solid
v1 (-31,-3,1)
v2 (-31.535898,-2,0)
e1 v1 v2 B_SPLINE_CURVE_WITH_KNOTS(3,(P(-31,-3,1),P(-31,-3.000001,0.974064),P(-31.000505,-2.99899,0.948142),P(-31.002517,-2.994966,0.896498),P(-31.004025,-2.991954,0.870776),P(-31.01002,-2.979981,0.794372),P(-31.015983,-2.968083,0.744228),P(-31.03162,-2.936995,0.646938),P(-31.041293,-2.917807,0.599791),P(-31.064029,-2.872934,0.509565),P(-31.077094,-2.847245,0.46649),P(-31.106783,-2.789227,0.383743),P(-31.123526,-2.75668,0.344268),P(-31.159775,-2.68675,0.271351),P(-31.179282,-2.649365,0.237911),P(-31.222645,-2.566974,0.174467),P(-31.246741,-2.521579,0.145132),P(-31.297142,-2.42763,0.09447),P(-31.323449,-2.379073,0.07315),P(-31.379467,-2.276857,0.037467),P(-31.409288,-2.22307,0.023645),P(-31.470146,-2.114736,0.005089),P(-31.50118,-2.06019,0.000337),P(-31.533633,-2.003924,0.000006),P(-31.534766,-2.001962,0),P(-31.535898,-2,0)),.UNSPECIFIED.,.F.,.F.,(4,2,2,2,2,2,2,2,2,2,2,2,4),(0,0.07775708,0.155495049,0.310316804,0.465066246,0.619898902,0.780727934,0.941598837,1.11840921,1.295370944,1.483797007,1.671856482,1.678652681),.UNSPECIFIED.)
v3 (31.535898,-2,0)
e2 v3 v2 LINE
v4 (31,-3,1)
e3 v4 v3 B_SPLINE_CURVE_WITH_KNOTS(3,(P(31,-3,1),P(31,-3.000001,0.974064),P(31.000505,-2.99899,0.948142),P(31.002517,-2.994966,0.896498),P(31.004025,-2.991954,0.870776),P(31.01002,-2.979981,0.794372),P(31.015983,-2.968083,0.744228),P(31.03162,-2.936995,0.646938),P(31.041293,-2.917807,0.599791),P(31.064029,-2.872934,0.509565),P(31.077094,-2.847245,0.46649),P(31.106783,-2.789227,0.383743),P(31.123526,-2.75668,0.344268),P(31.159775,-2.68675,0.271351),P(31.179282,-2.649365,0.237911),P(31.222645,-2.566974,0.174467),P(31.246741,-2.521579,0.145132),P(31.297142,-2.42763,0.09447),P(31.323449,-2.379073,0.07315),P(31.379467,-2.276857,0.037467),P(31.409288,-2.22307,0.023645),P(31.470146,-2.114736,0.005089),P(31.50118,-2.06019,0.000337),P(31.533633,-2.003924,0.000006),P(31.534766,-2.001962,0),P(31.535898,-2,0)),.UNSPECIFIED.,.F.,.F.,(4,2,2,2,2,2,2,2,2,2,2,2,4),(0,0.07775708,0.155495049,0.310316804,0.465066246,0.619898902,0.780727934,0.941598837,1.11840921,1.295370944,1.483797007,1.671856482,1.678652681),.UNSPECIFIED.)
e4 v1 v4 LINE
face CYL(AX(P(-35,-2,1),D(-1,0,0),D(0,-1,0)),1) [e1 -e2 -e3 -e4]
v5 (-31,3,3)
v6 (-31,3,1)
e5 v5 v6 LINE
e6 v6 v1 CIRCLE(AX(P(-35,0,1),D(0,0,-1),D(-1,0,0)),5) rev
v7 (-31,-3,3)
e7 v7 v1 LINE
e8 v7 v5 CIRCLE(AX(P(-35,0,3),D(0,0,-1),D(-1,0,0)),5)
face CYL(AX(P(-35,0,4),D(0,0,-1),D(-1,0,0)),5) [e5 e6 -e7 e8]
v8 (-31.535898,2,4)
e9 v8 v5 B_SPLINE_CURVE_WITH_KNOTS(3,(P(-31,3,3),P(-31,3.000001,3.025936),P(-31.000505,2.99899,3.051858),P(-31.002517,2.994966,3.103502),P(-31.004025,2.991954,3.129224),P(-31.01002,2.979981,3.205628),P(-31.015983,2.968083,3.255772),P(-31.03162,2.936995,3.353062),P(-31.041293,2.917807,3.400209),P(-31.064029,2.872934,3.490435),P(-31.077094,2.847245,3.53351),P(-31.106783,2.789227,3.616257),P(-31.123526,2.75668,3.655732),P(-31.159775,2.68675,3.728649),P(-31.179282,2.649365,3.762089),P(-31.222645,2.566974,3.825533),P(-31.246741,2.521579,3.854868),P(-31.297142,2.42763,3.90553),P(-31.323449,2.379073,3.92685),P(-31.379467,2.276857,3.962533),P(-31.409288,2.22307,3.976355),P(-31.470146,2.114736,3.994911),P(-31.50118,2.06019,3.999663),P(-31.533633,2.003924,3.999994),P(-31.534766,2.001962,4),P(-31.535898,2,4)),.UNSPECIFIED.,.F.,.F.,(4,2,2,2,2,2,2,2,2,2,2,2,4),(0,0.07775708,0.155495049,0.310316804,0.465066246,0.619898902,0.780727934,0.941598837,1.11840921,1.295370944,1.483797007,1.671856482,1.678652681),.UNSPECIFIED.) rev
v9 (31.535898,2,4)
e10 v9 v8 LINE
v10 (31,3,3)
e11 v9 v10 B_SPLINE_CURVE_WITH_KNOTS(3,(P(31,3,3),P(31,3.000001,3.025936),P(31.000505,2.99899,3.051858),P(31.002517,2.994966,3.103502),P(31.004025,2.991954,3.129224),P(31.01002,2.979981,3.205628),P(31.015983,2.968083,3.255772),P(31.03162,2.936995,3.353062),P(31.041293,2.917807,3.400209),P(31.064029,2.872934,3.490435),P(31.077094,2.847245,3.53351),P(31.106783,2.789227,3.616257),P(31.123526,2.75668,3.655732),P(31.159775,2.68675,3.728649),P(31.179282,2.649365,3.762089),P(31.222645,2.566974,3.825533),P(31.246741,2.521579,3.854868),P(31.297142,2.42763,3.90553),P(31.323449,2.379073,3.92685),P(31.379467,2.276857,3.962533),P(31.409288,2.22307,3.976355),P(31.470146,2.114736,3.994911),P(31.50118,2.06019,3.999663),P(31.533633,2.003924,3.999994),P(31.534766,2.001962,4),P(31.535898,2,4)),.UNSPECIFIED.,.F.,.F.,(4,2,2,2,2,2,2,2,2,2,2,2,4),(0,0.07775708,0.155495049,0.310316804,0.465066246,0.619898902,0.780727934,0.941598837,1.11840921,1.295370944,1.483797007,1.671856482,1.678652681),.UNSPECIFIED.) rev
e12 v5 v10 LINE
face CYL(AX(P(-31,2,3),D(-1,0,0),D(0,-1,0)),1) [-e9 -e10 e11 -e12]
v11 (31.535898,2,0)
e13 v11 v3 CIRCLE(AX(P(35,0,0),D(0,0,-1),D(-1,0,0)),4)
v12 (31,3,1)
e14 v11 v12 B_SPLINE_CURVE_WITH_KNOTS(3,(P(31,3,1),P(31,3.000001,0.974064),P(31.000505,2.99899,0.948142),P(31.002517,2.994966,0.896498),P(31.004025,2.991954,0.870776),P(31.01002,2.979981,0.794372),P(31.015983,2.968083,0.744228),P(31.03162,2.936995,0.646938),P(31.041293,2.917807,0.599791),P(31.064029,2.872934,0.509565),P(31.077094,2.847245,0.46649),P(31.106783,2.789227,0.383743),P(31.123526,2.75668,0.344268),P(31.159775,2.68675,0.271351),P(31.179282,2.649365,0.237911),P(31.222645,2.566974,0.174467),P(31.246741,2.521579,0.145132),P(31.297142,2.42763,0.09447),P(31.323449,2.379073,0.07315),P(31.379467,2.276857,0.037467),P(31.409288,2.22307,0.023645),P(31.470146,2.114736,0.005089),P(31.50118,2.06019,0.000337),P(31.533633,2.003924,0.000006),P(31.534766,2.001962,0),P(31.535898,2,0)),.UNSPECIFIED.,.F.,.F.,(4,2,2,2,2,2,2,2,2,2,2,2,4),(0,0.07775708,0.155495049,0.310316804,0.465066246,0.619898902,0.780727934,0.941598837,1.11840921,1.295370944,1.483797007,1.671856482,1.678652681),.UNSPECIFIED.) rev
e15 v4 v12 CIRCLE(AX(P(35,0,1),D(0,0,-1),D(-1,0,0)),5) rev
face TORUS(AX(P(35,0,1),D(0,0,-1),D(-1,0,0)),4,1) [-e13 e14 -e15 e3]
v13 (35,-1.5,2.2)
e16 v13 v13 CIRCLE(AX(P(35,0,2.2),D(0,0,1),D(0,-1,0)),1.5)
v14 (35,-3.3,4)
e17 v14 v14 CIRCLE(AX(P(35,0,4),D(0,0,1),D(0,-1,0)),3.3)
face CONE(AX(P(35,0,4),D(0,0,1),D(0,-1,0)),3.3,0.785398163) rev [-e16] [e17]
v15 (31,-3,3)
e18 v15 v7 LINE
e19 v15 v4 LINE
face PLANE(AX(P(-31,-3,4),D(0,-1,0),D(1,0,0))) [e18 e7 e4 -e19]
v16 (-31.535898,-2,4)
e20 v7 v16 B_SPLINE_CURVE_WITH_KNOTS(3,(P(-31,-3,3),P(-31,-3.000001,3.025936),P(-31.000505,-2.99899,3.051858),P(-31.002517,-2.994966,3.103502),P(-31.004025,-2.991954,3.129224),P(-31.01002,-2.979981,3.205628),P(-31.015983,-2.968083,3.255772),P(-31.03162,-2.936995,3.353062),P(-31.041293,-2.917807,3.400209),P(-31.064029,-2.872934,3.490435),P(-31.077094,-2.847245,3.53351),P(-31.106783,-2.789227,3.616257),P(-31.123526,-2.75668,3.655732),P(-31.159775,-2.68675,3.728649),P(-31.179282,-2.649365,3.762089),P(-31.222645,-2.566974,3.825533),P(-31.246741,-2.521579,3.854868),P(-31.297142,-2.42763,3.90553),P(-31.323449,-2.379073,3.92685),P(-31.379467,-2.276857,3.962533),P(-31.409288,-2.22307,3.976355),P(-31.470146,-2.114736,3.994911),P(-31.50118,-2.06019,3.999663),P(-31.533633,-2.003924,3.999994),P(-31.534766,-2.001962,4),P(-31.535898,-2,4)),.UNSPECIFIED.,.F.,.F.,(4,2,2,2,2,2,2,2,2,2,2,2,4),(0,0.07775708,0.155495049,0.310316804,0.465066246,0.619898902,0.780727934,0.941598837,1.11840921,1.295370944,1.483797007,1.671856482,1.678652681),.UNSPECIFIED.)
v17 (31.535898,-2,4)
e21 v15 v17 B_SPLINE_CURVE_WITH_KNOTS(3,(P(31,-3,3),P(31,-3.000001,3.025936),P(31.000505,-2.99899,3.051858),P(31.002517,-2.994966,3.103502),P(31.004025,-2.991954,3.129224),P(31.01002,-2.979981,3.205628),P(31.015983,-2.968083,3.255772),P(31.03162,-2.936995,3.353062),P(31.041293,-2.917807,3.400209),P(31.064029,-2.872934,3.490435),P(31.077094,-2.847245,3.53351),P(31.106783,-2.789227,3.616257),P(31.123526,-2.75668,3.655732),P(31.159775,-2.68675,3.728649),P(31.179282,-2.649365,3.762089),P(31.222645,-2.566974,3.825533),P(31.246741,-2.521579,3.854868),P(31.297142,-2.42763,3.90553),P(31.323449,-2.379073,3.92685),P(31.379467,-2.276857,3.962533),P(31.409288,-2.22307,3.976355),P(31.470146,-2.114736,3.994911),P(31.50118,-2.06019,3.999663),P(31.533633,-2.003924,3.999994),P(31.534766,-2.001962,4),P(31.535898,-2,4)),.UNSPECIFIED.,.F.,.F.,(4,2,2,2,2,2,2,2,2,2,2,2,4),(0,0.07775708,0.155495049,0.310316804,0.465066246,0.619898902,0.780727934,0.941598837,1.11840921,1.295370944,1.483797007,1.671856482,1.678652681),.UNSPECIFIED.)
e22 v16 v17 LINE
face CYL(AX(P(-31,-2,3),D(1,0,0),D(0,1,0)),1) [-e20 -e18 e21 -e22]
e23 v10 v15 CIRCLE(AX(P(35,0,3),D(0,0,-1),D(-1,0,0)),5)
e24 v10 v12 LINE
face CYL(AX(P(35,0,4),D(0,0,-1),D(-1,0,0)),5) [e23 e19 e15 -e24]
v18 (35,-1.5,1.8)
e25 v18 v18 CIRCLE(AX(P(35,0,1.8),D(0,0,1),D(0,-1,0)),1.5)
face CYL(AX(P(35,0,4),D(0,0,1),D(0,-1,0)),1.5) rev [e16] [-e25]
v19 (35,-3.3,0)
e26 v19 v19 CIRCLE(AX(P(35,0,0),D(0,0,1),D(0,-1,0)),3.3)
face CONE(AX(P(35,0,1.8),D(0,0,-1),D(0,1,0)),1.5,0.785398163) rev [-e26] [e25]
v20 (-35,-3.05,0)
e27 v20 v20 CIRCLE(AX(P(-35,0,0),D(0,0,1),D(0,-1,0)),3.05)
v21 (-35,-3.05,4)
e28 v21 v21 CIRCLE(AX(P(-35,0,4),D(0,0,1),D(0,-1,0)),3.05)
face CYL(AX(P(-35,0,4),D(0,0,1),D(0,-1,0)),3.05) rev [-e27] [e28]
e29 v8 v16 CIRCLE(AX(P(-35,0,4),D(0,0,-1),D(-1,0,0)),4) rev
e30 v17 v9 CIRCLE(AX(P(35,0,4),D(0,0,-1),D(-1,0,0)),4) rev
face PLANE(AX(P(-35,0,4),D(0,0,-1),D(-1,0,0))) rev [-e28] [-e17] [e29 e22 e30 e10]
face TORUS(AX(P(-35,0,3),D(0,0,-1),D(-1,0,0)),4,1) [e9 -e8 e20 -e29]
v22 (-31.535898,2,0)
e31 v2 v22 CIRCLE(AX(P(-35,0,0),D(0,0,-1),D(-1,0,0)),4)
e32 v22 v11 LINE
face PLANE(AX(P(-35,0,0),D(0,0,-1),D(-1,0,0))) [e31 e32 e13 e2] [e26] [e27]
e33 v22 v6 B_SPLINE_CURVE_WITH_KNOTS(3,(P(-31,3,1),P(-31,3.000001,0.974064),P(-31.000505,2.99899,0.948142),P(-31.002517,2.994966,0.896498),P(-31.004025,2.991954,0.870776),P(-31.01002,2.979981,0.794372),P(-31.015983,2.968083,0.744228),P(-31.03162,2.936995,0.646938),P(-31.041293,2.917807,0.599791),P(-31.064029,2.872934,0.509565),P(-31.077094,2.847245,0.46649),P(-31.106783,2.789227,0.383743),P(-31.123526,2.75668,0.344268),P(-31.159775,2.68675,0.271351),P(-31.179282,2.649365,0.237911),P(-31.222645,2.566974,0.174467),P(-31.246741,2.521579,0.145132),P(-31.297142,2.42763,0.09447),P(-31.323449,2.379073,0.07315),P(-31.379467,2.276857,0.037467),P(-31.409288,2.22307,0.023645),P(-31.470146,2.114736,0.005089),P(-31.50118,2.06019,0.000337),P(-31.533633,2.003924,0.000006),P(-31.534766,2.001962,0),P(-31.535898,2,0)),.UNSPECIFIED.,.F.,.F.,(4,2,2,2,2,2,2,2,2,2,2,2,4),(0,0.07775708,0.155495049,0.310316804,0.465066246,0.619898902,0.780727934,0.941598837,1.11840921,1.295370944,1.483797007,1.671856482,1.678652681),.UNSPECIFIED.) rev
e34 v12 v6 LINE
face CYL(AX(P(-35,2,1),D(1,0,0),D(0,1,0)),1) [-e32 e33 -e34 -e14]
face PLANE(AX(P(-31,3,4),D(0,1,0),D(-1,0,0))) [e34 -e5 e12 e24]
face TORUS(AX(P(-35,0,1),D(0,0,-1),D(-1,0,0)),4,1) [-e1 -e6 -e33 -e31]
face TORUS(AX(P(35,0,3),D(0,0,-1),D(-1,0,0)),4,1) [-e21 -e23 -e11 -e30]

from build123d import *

# Parameters (mm, degrees)
BOSS_EXTRU_1_DEPTH              = 4
DIAM_TRE_DU_PER_AGE_6_1_6_1_1_D = 6.1
CONG_1_R                        = 1


with BuildPart() as part:
    # Esquisse1 → Boss.-Extru.1 (new body)
    with BuildSketch(Plane(origin=(0, 2, 0), x_dir=(1, 0, 0), z_dir=(0, 0, -1))):
        with BuildLine():
            Line((-31, -1), (31, -1))
            ThreePointArc((31, -1), (40, 2), (31, 5))
            Line((31, 5), (-31, 5))
            ThreePointArc((-31, 5), (-40, 2), (-31, -1))
        make_face()
    extrude(amount=-BOSS_EXTRU_1_DEPTH)

    # Diamètre du perçage Ø6.1 (6.1)1 (through all)
    with Locations(Plane(origin=(0, 0, 4), x_dir=(-1, 0, 0), z_dir=(0, 0, 1))):
        with Locations((35, 0)):
            Hole(DIAM_TRE_DU_PER_AGE_6_1_6_1_1_D / 2)

    # Esquisse4 → Fraisage pour vis à tête fraisée M2.51 (revolve, cut)
    with BuildSketch(Plane(origin=(35, 0, 4), x_dir=(0, -1, 0), z_dir=(1, 0, 0))):
        Polygon((0, 0), (0, 4), (3.3, 4), (1.5, 2.2), (1.5, 1.8), (3.3, 0), align=None)
    revolve(axis=Axis((35, 0, 10.35), (0, 0, -1)), mode=Mode.SUBTRACT)

    # Congé1
    cong_1_edges = [part.edges().sort_by_distance(p)[0] for p in [
        (40, 0, 4),
        (0, -3, 4),
        (-40, 0, 4),
        (0, -3, 0),
        (40, 0, 0),
        (0, 3, 0),
        (-40, 0, 0),
        (0, 3, 4),
    ]]
    fillet(cong_1_edges, radius=CONG_1_R)


solid = part.part
